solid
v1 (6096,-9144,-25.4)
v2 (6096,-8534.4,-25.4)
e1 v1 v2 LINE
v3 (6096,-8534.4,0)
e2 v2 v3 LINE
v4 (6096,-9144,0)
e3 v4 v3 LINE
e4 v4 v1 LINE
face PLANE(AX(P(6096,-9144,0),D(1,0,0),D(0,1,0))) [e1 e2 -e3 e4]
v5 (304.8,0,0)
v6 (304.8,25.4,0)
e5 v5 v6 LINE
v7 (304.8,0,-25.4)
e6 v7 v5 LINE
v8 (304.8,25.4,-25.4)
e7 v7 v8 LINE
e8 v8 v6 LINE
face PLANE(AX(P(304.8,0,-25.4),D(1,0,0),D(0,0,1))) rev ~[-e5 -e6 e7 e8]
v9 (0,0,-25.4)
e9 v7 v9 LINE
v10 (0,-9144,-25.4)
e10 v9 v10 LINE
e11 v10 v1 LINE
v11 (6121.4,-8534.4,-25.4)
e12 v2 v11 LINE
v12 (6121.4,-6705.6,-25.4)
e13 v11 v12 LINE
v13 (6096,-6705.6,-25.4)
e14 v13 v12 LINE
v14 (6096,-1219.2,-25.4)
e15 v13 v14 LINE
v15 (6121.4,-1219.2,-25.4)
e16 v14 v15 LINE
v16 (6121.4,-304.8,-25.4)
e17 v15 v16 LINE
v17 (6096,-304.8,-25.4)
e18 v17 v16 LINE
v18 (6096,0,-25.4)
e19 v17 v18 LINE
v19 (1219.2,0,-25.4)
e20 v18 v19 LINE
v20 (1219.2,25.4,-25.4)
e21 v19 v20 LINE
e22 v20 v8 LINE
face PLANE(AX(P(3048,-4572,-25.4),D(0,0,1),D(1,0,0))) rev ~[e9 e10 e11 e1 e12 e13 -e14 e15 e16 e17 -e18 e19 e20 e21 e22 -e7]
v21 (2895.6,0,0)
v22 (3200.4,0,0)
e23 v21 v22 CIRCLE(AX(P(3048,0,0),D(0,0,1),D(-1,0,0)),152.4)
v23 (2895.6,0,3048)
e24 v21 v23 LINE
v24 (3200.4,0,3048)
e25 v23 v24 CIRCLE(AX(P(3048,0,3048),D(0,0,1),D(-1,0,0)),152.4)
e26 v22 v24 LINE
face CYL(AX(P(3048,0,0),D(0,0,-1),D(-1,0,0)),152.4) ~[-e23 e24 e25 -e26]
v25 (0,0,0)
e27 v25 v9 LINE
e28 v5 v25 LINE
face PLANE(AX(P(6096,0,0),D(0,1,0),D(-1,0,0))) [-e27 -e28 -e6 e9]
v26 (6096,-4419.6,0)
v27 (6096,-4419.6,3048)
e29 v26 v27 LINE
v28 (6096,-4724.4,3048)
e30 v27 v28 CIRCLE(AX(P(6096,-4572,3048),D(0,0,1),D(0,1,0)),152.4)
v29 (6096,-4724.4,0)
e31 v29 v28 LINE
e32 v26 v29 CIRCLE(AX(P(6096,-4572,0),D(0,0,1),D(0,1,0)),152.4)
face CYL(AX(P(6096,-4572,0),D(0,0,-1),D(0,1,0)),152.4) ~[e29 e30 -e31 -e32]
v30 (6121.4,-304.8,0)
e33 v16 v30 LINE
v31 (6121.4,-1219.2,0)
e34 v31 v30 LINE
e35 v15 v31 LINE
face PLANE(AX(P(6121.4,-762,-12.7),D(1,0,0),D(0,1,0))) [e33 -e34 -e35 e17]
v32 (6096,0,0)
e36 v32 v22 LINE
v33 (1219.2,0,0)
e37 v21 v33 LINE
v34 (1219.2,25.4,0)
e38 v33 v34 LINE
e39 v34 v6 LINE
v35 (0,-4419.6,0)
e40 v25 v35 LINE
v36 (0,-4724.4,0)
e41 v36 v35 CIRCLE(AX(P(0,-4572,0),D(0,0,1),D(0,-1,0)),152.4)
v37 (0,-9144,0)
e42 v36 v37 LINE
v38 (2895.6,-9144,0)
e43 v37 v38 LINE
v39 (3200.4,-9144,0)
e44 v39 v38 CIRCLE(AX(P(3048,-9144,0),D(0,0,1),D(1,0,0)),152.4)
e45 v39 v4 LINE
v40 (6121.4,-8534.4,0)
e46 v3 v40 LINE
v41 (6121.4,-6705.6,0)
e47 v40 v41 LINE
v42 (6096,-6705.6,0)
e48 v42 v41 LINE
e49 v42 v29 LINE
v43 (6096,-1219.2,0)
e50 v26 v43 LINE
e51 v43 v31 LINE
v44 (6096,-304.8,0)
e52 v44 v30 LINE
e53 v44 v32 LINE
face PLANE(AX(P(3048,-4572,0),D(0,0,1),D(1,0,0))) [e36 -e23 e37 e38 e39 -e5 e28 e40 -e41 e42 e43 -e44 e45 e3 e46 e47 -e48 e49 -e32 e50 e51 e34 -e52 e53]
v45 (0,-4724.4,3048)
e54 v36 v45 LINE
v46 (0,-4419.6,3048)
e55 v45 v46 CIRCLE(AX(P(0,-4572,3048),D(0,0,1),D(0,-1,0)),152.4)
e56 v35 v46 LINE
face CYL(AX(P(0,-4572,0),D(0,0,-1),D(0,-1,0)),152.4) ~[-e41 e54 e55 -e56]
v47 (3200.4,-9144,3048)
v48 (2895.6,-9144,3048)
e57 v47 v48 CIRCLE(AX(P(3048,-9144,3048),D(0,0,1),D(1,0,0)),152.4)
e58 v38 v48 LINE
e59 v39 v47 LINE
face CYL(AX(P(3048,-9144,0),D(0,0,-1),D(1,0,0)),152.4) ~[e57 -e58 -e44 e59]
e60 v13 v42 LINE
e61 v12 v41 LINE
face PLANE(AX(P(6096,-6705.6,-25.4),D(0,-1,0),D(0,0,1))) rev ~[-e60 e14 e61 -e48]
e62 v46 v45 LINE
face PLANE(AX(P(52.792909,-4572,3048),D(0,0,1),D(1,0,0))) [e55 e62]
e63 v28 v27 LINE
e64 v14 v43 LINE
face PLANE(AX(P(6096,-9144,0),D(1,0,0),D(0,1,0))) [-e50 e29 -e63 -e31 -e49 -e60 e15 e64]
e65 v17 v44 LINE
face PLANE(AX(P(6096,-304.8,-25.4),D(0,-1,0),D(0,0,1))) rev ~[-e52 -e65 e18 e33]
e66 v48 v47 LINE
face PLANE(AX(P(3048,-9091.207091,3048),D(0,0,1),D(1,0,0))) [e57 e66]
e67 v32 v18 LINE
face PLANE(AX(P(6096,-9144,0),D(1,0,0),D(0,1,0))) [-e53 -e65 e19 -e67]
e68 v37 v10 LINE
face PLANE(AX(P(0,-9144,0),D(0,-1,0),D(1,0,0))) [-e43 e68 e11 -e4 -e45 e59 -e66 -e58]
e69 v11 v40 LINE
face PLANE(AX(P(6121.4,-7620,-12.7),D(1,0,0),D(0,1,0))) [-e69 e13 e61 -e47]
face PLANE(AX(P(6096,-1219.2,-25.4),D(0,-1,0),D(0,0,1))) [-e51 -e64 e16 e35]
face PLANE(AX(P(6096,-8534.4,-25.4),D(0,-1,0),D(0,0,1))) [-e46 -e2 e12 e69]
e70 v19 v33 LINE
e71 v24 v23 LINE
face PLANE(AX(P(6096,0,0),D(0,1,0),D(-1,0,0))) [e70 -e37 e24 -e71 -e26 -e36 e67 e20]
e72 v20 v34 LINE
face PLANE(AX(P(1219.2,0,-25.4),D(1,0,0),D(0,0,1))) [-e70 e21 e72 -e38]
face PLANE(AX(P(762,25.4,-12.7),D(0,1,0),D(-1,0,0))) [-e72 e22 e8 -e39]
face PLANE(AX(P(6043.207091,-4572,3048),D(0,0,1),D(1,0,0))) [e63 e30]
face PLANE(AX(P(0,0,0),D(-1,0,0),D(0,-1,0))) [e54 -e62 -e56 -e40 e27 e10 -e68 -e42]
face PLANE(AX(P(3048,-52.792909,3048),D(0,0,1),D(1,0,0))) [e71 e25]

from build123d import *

# Parameters (mm, degrees)
F1_DEPTH = 25.4
F2_DEPTH = 3048
F3_W     = 914.4
F3_H     = 25.4
F3_W_2   = 1828.8
F4_DEPTH = 25.4
F5_W     = 914.4
F5_H     = 25.4
F6_DEPTH = 25.4


with BuildPart() as f1:
    # F0 (on Top) → F1 (new body)
    with BuildSketch(Plane.XY):
        with BuildLine():
            Line((2895.6, 0), (0, 0))
            Line((0, 0), (0, -4419.6))
            ThreePointArc((0, -4419.6), (152.4, -4572), (0, -4724.4))
            Line((0, -4724.4), (0, -9144))
            Line((0, -9144), (2895.6, -9144))
            ThreePointArc((2895.6, -9144), (3048, -8991.6), (3200.4, -9144))
            Line((3200.4, -9144), (6096, -9144))
            Line((6096, -9144), (6096, -4724.4))
            ThreePointArc((6096, -4724.4), (5943.6, -4572), (6096, -4419.6))
            Line((6096, -4419.6), (6096, 0))
            Line((6096, 0), (3200.4, 0))
            ThreePointArc((3200.4, 0), (3048, -152.4), (2895.6, 0))
        make_face()
        with BuildLine():
            Line((3200.4, 0), (2895.6, 0))
            ThreePointArc((2895.6, 0), (3048, -152.4), (3200.4, 0))
        make_face()
        with BuildLine():
            ThreePointArc((0, -4724.4), (152.4, -4572), (0, -4419.6))
            Line((0, -4419.6), (0, -4724.4))
        make_face()
        with BuildLine():
            Line((6096, -4724.4), (6096, -4419.6))
            ThreePointArc((6096, -4419.6), (5943.6, -4572), (6096, -4724.4))
        make_face()
        with BuildLine():
            ThreePointArc((3200.4, -9144), (3048, -8991.6), (2895.6, -9144))
            Line((2895.6, -9144), (3200.4, -9144))
        make_face()
    extrude(amount=-F1_DEPTH)

    # F0 (on Top) → F2 (join)
    with BuildSketch(Plane.XY):
        with BuildLine():
            ThreePointArc((0, -4724.4), (152.4, -4572), (0, -4419.6))
            Line((0, -4419.6), (0, -4724.4))
        make_face()
        with BuildLine():
            Line((6096, -4724.4), (6096, -4419.6))
            ThreePointArc((6096, -4419.6), (5943.6, -4572), (6096, -4724.4))
        make_face()
        with BuildLine():
            Line((3200.4, 0), (2895.6, 0))
            ThreePointArc((2895.6, 0), (3048, -152.4), (3200.4, 0))
        make_face()
        with BuildLine():
            ThreePointArc((3200.4, -9144), (3048, -8991.6), (2895.6, -9144))
            Line((2895.6, -9144), (3200.4, -9144))
        make_face()
    extrude(amount=F2_DEPTH)

    # F3 (on face) → F4 (join)
    with BuildSketch(Plane.YZ.offset(6096)):
        with Locations((-762, -12.7)):
            Rectangle(F3_W, F3_H)
        with Locations((-7620, -12.7)):
            Rectangle(F3_W_2, F3_H)
    extrude(amount=F4_DEPTH)

    # F5 (on face) → F6 (join)
    with BuildSketch(Plane(origin=(0, 0, 0), x_dir=(-1, 0, 0), z_dir=(0, 1, 0))):
        with Locations((-762, -12.7)):
            Rectangle(F5_W, F5_H)
    extrude(amount=F6_DEPTH)


solid = f1.part
